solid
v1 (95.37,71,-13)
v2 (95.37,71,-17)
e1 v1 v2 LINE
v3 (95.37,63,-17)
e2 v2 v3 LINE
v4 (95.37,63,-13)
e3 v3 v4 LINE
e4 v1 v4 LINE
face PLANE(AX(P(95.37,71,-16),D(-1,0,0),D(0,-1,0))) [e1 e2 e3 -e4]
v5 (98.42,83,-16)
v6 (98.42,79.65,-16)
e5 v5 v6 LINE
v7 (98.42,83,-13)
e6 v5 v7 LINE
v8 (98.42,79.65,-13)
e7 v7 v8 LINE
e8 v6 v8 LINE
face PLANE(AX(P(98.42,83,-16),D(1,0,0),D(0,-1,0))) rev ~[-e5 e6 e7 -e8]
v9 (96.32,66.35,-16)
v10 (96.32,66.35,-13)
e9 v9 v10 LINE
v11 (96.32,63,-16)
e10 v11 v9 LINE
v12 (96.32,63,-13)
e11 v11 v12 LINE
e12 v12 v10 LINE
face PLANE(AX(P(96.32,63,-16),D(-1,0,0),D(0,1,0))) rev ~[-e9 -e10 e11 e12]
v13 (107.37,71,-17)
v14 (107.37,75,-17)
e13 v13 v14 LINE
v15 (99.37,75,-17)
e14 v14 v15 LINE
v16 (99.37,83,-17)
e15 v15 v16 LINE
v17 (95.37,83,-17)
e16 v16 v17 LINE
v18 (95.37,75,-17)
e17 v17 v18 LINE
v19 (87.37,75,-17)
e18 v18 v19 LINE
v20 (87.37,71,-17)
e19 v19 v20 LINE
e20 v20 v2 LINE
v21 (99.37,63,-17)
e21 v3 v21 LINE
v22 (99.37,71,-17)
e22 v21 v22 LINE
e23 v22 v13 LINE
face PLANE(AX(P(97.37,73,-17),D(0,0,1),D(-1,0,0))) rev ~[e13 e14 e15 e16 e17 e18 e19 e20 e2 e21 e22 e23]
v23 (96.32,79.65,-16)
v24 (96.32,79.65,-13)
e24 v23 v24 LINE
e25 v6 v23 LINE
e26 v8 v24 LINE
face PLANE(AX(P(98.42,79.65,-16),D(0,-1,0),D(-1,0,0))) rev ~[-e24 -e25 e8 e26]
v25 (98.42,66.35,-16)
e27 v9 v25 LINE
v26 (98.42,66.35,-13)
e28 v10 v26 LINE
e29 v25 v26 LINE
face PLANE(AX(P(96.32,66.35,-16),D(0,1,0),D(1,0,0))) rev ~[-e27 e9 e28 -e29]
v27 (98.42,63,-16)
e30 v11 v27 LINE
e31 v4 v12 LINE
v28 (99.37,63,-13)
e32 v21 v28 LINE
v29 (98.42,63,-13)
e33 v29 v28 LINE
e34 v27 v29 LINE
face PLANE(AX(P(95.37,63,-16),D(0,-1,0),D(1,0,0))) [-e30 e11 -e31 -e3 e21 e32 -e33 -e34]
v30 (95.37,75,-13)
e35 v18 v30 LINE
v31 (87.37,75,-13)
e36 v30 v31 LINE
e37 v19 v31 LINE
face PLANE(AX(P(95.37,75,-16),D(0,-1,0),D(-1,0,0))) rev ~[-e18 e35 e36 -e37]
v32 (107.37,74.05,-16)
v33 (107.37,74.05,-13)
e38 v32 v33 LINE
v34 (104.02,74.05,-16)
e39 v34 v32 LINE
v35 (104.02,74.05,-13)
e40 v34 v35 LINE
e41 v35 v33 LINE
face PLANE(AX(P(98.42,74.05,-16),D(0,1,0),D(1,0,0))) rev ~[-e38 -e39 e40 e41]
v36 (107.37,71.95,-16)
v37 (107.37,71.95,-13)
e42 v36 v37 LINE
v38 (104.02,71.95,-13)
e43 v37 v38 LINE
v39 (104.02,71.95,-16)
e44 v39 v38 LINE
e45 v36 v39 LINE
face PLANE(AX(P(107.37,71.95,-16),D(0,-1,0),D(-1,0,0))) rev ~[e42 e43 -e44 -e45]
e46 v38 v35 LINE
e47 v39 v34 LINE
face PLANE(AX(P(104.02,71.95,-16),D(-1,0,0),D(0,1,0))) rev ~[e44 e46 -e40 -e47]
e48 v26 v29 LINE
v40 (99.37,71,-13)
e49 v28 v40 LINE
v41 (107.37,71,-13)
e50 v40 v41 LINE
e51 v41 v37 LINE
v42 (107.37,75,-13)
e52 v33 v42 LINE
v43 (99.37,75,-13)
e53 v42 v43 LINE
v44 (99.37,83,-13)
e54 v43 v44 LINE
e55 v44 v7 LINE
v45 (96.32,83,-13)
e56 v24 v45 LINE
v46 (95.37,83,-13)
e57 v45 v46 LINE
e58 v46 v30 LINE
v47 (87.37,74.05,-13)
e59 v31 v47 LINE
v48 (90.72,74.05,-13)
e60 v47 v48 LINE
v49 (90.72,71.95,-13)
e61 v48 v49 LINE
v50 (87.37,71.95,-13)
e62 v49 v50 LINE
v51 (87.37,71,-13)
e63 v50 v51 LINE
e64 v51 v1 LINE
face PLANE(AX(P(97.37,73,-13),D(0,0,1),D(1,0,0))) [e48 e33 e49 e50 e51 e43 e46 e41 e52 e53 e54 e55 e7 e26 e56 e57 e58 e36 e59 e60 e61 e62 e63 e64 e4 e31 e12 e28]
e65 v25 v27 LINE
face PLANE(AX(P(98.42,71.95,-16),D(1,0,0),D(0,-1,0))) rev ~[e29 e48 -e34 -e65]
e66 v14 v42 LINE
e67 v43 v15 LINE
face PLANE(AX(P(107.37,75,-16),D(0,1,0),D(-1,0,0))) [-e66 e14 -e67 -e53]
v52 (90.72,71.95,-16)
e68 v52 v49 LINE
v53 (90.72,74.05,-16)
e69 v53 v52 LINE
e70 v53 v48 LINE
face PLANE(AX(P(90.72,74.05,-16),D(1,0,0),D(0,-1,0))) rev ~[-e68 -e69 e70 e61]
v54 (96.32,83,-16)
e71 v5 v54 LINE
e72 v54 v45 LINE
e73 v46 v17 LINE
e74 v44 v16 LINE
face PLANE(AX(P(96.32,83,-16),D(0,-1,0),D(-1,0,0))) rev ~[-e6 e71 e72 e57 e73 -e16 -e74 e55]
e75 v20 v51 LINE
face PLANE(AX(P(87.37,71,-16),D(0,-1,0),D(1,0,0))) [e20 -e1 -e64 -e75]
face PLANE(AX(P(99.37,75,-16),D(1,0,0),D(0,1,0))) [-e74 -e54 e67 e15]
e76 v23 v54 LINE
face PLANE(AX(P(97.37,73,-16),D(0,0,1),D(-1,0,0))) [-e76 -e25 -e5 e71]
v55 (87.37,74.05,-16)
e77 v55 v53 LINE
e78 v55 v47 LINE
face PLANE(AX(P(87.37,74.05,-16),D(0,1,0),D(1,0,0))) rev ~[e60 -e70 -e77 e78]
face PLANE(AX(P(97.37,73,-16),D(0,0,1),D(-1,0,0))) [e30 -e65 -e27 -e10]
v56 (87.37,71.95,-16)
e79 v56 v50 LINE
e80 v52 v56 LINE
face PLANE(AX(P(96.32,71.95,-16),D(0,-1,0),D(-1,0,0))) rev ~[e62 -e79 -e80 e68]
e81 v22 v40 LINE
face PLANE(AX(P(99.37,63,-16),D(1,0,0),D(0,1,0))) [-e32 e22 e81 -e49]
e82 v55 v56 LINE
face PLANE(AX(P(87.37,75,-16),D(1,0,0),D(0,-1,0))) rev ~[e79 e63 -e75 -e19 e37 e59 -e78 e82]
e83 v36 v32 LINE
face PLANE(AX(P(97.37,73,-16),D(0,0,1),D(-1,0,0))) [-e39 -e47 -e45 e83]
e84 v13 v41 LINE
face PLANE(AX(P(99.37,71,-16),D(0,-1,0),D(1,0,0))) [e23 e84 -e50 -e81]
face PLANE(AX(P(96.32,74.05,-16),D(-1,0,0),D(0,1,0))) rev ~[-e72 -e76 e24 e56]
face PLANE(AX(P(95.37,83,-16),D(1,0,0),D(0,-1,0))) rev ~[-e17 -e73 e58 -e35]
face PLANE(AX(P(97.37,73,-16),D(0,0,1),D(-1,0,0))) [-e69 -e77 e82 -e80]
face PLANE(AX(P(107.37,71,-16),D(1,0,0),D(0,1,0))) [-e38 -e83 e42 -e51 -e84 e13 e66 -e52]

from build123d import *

# Parameters (mm, degrees)
PAD328_DEPTH            = 1
PAD329_DEPTH            = 3
PAD330_DEPTH            = 3
BODY056_PLACEMENT_ANGLE = 180


with BuildPart() as part:
    # Sketch485 → Pad328 (new body)
    with BuildSketch(Plane.XY.offset(-28)):
        Polygon((-2, 2), (-2, 10), (2, 10), (2, 2), (10, 2), (10, -2), (2, -2), (2, -10), (-2, -10), (-2, -2), (-10, -2), (-10, 2), align=None)
    extrude(amount=PAD328_DEPTH)

    # Sketch486 (on Face13 of Pad328) → Pad329 (join)
    with BuildSketch(Plane(origin=(0, 0, -28), x_dir=(1, 0, 0), z_dir=(0, 0, -1))):
        Polygon((-2, 10), (-2, 2), (-10, 2), (-10, 1.05), (-1.05, 1.05), (-1.05, 10), align=None)
        Polygon((-10, -2), (-2, -2), (-2, -10), (-1.05, -10), (-1.05, -1.05), (-10, -1.05), align=None)
        Polygon((2, -10), (2, -2), (10, -2), (10, -1.05), (1.05, -1.05), (1.05, -10), align=None)
        Polygon((10, 2), (2, 2), (2, 10), (1.05, 10), (1.05, 1.05), (10, 1.05), align=None)
    extrude(amount=PAD329_DEPTH)

    # Sketch487 (on Face3 of Pad329) → Pad330 (join)
    with BuildSketch(Plane(origin=(0, 0, -28), x_dir=(1, 0, 0), z_dir=(0, 0, -1))):
        Polygon((-6.65, 1.05), (-6.65, -1.05), (-1.05, -1.05), (-1.05, -6.65), (1.05, -6.65), (1.05, -1.05), (6.65, -1.05), (6.65, 1.05), (1.05, 1.05), (1.05, 6.65), (-1.05, 6.65), (-1.05, 1.05), align=None)
    extrude(amount=PAD330_DEPTH)


with BuildPart() as part_1:
    # Body056 placement: moved
    add(part.part.moved(Location((97.37, 73, -44))).rotate(Axis((97.37, 73, -44), (1, 0, 0)), BODY056_PLACEMENT_ANGLE))


solid = part_1.part
